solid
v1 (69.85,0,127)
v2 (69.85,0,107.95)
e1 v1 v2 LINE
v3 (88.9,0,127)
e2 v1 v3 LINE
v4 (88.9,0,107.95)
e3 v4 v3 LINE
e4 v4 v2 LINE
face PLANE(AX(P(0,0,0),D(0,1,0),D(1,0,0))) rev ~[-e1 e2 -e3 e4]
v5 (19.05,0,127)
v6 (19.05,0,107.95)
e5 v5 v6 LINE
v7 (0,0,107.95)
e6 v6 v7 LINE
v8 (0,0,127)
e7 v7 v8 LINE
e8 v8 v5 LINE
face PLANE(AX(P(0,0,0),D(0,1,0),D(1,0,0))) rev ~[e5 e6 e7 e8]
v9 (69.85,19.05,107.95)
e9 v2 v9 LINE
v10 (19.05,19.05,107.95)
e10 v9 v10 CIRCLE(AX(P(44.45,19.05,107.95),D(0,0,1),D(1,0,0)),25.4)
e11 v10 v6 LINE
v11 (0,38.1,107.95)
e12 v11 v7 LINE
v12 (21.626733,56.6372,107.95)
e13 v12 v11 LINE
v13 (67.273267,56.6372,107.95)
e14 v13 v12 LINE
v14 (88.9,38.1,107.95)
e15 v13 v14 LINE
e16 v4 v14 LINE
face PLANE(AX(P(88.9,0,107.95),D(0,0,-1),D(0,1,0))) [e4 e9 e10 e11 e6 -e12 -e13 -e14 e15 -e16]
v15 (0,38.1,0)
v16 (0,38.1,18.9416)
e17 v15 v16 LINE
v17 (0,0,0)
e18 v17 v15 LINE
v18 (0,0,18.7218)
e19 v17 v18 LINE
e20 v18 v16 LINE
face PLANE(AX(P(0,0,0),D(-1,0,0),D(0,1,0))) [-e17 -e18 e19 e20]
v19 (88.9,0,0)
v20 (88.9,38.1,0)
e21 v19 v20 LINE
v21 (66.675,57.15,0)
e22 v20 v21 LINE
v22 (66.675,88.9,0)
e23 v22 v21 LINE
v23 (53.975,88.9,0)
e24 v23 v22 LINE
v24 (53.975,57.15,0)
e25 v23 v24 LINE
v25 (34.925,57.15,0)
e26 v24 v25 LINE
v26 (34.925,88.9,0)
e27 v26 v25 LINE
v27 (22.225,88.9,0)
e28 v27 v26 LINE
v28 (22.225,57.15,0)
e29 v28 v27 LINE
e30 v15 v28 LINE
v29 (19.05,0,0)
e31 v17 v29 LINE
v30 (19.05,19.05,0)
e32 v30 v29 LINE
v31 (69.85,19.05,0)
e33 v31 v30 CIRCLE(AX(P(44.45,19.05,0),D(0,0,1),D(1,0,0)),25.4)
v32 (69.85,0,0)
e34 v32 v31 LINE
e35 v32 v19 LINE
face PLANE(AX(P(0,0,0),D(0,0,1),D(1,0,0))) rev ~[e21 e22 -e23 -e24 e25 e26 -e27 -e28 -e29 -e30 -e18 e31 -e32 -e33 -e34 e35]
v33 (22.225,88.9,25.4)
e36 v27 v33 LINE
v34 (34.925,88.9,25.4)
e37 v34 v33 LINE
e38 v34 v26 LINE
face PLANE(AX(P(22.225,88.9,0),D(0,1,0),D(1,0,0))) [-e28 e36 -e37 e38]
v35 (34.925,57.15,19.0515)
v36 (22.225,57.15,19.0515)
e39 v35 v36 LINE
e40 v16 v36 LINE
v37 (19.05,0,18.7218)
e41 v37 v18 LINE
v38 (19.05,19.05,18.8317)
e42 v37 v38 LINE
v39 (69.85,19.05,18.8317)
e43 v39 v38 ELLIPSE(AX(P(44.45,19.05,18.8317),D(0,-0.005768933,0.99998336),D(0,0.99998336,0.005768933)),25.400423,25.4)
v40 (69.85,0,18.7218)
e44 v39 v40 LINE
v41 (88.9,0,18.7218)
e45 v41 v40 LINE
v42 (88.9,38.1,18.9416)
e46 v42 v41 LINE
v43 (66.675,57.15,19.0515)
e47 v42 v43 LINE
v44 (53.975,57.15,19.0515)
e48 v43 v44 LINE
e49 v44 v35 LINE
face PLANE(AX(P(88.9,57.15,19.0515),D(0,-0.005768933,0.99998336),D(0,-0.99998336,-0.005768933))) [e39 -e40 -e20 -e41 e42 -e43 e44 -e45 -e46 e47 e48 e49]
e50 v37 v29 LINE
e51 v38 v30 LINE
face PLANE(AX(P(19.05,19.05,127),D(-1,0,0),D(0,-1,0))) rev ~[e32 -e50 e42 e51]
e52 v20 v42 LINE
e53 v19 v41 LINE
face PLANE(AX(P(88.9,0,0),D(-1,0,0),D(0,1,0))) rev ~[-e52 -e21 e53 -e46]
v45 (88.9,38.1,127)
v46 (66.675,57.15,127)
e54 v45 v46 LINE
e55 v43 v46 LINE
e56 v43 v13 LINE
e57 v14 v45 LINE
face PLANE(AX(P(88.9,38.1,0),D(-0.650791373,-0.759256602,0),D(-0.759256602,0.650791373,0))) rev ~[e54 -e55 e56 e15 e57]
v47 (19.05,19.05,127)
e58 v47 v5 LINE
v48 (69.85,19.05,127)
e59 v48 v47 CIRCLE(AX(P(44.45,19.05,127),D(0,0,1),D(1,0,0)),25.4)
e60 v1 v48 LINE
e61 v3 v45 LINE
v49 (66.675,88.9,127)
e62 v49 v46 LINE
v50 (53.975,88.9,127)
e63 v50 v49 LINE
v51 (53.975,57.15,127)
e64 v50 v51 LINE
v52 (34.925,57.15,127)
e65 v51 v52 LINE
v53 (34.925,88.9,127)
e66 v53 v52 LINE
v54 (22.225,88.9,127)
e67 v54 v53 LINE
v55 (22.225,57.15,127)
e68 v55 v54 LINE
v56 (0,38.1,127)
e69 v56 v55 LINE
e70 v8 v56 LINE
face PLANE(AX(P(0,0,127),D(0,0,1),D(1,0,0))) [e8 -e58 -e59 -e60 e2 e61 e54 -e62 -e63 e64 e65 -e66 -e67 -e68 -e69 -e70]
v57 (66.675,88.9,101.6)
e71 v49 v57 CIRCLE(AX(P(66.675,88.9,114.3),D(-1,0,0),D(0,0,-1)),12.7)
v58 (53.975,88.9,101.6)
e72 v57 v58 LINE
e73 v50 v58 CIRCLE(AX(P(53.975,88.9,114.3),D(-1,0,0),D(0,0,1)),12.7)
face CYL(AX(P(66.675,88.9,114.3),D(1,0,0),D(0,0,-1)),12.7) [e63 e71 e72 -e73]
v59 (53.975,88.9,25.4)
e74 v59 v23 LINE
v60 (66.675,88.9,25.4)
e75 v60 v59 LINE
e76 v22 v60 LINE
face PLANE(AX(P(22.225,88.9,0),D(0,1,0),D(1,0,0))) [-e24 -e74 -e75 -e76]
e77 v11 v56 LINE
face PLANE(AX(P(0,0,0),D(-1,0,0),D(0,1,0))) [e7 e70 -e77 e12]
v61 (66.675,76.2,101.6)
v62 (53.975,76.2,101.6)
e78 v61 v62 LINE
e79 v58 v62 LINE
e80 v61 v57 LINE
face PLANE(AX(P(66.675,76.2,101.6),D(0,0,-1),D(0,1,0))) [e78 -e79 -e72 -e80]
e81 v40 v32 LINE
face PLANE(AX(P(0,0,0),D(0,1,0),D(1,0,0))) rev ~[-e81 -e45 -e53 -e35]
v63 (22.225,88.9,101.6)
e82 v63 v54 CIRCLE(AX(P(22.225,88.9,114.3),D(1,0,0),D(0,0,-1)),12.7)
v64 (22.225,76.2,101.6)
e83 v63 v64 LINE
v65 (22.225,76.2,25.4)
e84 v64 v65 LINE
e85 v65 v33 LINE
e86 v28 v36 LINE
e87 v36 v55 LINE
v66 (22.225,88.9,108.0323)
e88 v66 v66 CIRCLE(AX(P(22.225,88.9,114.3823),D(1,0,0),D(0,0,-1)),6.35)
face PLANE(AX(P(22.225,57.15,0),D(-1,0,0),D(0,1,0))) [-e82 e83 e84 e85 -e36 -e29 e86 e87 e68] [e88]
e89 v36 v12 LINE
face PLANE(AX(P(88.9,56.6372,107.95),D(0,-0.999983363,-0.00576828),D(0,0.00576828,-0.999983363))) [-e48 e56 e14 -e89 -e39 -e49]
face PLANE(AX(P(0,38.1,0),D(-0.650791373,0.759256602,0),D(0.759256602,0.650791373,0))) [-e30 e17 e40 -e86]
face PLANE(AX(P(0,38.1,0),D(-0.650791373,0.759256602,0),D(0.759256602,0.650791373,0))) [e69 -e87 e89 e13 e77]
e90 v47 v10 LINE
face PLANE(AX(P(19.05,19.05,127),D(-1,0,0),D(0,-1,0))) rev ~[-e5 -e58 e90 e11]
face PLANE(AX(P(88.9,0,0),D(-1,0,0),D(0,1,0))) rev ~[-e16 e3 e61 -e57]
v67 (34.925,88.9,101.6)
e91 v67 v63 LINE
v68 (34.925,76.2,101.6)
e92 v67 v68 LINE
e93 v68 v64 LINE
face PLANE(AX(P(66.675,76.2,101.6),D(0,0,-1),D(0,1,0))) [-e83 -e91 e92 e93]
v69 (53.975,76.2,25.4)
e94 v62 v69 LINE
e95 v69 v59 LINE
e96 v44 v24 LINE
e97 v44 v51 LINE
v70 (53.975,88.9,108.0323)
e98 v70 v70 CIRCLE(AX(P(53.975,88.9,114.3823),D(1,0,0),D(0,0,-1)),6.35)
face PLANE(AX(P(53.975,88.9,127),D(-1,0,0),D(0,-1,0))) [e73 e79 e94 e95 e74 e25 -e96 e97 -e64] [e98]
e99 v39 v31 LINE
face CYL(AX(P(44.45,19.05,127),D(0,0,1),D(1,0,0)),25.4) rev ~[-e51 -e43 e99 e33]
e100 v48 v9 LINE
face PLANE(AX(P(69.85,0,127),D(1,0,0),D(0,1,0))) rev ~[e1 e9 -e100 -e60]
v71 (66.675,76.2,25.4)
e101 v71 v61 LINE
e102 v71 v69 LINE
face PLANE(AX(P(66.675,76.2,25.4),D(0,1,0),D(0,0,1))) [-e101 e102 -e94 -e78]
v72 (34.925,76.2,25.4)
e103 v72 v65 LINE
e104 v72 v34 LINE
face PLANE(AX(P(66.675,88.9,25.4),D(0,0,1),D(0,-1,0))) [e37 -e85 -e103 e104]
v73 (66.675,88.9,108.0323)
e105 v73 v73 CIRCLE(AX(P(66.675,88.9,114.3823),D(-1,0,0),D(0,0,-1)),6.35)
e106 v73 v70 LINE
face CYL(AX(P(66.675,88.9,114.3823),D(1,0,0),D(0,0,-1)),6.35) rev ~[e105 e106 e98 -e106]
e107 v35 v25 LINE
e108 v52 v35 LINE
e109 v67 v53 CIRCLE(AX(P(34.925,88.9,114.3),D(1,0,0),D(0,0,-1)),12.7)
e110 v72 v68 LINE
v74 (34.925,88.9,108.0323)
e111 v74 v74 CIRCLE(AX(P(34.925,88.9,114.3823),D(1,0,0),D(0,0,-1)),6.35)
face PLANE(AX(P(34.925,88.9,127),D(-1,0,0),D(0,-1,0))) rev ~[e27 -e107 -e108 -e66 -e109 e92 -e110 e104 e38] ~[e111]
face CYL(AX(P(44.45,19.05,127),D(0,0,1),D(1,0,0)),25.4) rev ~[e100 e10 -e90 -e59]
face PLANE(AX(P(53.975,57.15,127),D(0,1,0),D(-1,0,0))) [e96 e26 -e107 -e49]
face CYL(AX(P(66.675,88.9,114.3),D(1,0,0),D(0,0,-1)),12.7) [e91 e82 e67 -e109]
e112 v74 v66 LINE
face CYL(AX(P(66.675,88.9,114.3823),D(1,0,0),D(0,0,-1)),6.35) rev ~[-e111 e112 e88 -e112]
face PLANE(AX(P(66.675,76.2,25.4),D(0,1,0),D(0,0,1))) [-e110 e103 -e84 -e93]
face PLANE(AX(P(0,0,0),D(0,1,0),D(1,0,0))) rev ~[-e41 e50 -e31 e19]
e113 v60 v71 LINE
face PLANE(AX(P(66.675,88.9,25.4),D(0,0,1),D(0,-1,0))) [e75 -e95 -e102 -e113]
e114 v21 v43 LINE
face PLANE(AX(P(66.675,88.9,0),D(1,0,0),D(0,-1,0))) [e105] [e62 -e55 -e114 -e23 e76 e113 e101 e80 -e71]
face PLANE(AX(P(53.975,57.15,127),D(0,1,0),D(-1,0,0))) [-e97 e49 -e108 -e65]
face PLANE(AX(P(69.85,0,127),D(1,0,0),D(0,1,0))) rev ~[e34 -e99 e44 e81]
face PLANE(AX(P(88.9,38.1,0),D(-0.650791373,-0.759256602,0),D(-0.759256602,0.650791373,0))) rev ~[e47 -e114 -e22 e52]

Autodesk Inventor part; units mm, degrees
ref_plane "YZ Plane" through (0, 0, 0) normal (1, 0, 0) x (0, 1, 0)
ref_plane "XZ Plane" through (0, 0, 0) normal (0, 1, 0) x (-1, 0, 0)
ref_plane "XY Plane" through (0, 0, 0) normal (0, 0, 1) x (1, 0, 0)
sketch "Sketch1" plane through (0, 0, 0) normal (0, 0, 1) x (1, 0, 0)
  line L0 (0, 0) -> (88.9, 0)
  line L1 (22.225, 57.15) -> (22.225, 88.9)
  line L2 (22.225, 88.9) -> (66.675, 88.9)
  line L3 (66.675, 88.9) -> (66.675, 57.15)
  line L4 (88.9, 0) -> (88.9, 38.1)
  line L5 (88.9, 38.1) -> (66.675, 57.15)
  line L6 (0, 0) -> (0, 38.1)
  line L7 (0, 38.1) -> (22.225, 57.15)
  line L8 (22.225, 57.15) -> (66.675, 57.15)
  dimension "d4" = 44.45
  dimension "d12" = 38.1
  dimension "d13" = 38.1
  dimension "d14" = 44.45
  dimension "d15" = 31.75
  dimension "d16" = 88.9
extrude "Extrusion1" add sketch "Sketch1" along normal blind 127
sketch "Sketch2" plane through (0, 0, 127) normal (0, 0, 1) x (1, 0, 0)
  line L0 (0, 0) -> (88.9, 0) projected
  line L1 (44.45, 0) -> (44.45, 19.05)
  circle A0 centre (44.45, 19.05) radius 25.4
  line L2 (19.05, 19.05) -> (19.05, 0)
  line L3 (69.85, 0) -> (69.85, 19.05)
  dimension "d8" = 19.05
  dimension "d9" = 50.8
extrude "Extrusion2" cut sketch "Sketch2" against normal through all
sketch "Sketch3" plane through (0, 0, 127) normal (0, 0, 1) x (1, 0, 0)
  line L0 (22.225, 88.9) -> (34.925, 88.9)
  line L1 (66.675, 88.9) -> (22.225, 88.9) projected
  line L2 (34.925, 88.9) -> (53.975, 88.9)
  line L3 (53.975, 88.9) -> (66.675, 88.9)
  line L4 (34.925, 88.9) -> (34.925, 57.15)
  line L5 (53.975, 88.9) -> (53.975, 57.15)
  line L6 (53.975, 57.15) -> (34.925, 57.15)
  point P0 (0, 0)
  point P1 (22.225, 57.15)
  point P2 (66.675, 57.15)
  dimension "d17" = 12.7
  dimension "d18" = 19.05
extrude "Extrusion3" cut sketch "Sketch3" against normal through all
sketch "Sketch4" plane through (88.9, 0, 0) normal (1, 0, 0) x (0, 0, -1)
  line L0 (-127, 0) -> (-107.95, 0)
  line L1 (0, 0) -> (-127, 0) projected
  line L2 (-107.95, 0) -> (-107.95, 56.6372)
  line L3 (-107.95, 56.6372) -> (-19.0515, 57.15)
  line L4 (0, 57.15) -> (-127, 57.15) projected
  line L5 (-19.0515, 57.15) -> (-18.7218, 0)
  dimension "d21" = 19.05
  dimension "d22" = 88.9
extrude "Extrusion4" cut sketch "Sketch4" against normal through all
sketch "Sketch5" plane through (66.675, 57.15, 0) normal (1, 0, 0) x (0, 0, -1)
  line L0 (0, 31.75) -> (-25.4, 31.75)
  line L1 (0, 31.75) -> (-127, 31.75) projected
  line L2 (-25.4, 31.75) -> (-25.4, 19.05)
  line L3 (-25.4, 19.05) -> (-101.6, 19.05)
  line L4 (-101.6, 19.05) -> (-101.6, 31.75)
  point P0 (0, -57.15)
  dimension "d25" = 25.4
  dimension "d26" = 12.7
  dimension "d27" = 76.2
extrude "Extrusion5" cut sketch "Sketch5" against normal through all
sketch "Sketch6" plane through (66.675, 57.15, 0) normal (1, 0, 0) x (0, 0, -1)
  line L0 (-101.6, 31.75) -> (-127, 31.75) projected
  circle A0 centre (-114.3, 31.75) radius 12.7
  point P0 (0, -57.15)
extrude "Extrusion6" add sketch "Sketch6" against normal blind 44.45
sketch "Sketch7" plane through (0, 0, 127) normal (0, 0, 1) x (1, 0, 0)
  line L0 (66.675, 101.6) -> (22.225, 101.6) projected
  line L1 (34.925, 57.15) -> (53.975, 57.15)
  line L2 (53.975, 57.15) -> (53.975, 101.6)
  line L3 (53.975, 101.6) -> (34.925, 101.6)
  line L4 (34.925, 101.6) -> (34.925, 57.15)
  point P0 (0, 0)
extrude "Extrusion7" cut sketch "Sketch7" against normal blind 44.45
sketch "Sketch8" plane through (66.675, 57.15, 0) normal (1, 0, 0) x (0, 0, -1)
  line L0 (-127, 31.75) -> (-101.7646, 31.75)
  circle A0 centre (-114.3823, 31.75) radius 6.35
  point P0 (0, -57.15)
  dimension "d34" = 12.7
extrude "Extrusion8" cut sketch "Sketch8" against normal through all
properties part number "3-4"
